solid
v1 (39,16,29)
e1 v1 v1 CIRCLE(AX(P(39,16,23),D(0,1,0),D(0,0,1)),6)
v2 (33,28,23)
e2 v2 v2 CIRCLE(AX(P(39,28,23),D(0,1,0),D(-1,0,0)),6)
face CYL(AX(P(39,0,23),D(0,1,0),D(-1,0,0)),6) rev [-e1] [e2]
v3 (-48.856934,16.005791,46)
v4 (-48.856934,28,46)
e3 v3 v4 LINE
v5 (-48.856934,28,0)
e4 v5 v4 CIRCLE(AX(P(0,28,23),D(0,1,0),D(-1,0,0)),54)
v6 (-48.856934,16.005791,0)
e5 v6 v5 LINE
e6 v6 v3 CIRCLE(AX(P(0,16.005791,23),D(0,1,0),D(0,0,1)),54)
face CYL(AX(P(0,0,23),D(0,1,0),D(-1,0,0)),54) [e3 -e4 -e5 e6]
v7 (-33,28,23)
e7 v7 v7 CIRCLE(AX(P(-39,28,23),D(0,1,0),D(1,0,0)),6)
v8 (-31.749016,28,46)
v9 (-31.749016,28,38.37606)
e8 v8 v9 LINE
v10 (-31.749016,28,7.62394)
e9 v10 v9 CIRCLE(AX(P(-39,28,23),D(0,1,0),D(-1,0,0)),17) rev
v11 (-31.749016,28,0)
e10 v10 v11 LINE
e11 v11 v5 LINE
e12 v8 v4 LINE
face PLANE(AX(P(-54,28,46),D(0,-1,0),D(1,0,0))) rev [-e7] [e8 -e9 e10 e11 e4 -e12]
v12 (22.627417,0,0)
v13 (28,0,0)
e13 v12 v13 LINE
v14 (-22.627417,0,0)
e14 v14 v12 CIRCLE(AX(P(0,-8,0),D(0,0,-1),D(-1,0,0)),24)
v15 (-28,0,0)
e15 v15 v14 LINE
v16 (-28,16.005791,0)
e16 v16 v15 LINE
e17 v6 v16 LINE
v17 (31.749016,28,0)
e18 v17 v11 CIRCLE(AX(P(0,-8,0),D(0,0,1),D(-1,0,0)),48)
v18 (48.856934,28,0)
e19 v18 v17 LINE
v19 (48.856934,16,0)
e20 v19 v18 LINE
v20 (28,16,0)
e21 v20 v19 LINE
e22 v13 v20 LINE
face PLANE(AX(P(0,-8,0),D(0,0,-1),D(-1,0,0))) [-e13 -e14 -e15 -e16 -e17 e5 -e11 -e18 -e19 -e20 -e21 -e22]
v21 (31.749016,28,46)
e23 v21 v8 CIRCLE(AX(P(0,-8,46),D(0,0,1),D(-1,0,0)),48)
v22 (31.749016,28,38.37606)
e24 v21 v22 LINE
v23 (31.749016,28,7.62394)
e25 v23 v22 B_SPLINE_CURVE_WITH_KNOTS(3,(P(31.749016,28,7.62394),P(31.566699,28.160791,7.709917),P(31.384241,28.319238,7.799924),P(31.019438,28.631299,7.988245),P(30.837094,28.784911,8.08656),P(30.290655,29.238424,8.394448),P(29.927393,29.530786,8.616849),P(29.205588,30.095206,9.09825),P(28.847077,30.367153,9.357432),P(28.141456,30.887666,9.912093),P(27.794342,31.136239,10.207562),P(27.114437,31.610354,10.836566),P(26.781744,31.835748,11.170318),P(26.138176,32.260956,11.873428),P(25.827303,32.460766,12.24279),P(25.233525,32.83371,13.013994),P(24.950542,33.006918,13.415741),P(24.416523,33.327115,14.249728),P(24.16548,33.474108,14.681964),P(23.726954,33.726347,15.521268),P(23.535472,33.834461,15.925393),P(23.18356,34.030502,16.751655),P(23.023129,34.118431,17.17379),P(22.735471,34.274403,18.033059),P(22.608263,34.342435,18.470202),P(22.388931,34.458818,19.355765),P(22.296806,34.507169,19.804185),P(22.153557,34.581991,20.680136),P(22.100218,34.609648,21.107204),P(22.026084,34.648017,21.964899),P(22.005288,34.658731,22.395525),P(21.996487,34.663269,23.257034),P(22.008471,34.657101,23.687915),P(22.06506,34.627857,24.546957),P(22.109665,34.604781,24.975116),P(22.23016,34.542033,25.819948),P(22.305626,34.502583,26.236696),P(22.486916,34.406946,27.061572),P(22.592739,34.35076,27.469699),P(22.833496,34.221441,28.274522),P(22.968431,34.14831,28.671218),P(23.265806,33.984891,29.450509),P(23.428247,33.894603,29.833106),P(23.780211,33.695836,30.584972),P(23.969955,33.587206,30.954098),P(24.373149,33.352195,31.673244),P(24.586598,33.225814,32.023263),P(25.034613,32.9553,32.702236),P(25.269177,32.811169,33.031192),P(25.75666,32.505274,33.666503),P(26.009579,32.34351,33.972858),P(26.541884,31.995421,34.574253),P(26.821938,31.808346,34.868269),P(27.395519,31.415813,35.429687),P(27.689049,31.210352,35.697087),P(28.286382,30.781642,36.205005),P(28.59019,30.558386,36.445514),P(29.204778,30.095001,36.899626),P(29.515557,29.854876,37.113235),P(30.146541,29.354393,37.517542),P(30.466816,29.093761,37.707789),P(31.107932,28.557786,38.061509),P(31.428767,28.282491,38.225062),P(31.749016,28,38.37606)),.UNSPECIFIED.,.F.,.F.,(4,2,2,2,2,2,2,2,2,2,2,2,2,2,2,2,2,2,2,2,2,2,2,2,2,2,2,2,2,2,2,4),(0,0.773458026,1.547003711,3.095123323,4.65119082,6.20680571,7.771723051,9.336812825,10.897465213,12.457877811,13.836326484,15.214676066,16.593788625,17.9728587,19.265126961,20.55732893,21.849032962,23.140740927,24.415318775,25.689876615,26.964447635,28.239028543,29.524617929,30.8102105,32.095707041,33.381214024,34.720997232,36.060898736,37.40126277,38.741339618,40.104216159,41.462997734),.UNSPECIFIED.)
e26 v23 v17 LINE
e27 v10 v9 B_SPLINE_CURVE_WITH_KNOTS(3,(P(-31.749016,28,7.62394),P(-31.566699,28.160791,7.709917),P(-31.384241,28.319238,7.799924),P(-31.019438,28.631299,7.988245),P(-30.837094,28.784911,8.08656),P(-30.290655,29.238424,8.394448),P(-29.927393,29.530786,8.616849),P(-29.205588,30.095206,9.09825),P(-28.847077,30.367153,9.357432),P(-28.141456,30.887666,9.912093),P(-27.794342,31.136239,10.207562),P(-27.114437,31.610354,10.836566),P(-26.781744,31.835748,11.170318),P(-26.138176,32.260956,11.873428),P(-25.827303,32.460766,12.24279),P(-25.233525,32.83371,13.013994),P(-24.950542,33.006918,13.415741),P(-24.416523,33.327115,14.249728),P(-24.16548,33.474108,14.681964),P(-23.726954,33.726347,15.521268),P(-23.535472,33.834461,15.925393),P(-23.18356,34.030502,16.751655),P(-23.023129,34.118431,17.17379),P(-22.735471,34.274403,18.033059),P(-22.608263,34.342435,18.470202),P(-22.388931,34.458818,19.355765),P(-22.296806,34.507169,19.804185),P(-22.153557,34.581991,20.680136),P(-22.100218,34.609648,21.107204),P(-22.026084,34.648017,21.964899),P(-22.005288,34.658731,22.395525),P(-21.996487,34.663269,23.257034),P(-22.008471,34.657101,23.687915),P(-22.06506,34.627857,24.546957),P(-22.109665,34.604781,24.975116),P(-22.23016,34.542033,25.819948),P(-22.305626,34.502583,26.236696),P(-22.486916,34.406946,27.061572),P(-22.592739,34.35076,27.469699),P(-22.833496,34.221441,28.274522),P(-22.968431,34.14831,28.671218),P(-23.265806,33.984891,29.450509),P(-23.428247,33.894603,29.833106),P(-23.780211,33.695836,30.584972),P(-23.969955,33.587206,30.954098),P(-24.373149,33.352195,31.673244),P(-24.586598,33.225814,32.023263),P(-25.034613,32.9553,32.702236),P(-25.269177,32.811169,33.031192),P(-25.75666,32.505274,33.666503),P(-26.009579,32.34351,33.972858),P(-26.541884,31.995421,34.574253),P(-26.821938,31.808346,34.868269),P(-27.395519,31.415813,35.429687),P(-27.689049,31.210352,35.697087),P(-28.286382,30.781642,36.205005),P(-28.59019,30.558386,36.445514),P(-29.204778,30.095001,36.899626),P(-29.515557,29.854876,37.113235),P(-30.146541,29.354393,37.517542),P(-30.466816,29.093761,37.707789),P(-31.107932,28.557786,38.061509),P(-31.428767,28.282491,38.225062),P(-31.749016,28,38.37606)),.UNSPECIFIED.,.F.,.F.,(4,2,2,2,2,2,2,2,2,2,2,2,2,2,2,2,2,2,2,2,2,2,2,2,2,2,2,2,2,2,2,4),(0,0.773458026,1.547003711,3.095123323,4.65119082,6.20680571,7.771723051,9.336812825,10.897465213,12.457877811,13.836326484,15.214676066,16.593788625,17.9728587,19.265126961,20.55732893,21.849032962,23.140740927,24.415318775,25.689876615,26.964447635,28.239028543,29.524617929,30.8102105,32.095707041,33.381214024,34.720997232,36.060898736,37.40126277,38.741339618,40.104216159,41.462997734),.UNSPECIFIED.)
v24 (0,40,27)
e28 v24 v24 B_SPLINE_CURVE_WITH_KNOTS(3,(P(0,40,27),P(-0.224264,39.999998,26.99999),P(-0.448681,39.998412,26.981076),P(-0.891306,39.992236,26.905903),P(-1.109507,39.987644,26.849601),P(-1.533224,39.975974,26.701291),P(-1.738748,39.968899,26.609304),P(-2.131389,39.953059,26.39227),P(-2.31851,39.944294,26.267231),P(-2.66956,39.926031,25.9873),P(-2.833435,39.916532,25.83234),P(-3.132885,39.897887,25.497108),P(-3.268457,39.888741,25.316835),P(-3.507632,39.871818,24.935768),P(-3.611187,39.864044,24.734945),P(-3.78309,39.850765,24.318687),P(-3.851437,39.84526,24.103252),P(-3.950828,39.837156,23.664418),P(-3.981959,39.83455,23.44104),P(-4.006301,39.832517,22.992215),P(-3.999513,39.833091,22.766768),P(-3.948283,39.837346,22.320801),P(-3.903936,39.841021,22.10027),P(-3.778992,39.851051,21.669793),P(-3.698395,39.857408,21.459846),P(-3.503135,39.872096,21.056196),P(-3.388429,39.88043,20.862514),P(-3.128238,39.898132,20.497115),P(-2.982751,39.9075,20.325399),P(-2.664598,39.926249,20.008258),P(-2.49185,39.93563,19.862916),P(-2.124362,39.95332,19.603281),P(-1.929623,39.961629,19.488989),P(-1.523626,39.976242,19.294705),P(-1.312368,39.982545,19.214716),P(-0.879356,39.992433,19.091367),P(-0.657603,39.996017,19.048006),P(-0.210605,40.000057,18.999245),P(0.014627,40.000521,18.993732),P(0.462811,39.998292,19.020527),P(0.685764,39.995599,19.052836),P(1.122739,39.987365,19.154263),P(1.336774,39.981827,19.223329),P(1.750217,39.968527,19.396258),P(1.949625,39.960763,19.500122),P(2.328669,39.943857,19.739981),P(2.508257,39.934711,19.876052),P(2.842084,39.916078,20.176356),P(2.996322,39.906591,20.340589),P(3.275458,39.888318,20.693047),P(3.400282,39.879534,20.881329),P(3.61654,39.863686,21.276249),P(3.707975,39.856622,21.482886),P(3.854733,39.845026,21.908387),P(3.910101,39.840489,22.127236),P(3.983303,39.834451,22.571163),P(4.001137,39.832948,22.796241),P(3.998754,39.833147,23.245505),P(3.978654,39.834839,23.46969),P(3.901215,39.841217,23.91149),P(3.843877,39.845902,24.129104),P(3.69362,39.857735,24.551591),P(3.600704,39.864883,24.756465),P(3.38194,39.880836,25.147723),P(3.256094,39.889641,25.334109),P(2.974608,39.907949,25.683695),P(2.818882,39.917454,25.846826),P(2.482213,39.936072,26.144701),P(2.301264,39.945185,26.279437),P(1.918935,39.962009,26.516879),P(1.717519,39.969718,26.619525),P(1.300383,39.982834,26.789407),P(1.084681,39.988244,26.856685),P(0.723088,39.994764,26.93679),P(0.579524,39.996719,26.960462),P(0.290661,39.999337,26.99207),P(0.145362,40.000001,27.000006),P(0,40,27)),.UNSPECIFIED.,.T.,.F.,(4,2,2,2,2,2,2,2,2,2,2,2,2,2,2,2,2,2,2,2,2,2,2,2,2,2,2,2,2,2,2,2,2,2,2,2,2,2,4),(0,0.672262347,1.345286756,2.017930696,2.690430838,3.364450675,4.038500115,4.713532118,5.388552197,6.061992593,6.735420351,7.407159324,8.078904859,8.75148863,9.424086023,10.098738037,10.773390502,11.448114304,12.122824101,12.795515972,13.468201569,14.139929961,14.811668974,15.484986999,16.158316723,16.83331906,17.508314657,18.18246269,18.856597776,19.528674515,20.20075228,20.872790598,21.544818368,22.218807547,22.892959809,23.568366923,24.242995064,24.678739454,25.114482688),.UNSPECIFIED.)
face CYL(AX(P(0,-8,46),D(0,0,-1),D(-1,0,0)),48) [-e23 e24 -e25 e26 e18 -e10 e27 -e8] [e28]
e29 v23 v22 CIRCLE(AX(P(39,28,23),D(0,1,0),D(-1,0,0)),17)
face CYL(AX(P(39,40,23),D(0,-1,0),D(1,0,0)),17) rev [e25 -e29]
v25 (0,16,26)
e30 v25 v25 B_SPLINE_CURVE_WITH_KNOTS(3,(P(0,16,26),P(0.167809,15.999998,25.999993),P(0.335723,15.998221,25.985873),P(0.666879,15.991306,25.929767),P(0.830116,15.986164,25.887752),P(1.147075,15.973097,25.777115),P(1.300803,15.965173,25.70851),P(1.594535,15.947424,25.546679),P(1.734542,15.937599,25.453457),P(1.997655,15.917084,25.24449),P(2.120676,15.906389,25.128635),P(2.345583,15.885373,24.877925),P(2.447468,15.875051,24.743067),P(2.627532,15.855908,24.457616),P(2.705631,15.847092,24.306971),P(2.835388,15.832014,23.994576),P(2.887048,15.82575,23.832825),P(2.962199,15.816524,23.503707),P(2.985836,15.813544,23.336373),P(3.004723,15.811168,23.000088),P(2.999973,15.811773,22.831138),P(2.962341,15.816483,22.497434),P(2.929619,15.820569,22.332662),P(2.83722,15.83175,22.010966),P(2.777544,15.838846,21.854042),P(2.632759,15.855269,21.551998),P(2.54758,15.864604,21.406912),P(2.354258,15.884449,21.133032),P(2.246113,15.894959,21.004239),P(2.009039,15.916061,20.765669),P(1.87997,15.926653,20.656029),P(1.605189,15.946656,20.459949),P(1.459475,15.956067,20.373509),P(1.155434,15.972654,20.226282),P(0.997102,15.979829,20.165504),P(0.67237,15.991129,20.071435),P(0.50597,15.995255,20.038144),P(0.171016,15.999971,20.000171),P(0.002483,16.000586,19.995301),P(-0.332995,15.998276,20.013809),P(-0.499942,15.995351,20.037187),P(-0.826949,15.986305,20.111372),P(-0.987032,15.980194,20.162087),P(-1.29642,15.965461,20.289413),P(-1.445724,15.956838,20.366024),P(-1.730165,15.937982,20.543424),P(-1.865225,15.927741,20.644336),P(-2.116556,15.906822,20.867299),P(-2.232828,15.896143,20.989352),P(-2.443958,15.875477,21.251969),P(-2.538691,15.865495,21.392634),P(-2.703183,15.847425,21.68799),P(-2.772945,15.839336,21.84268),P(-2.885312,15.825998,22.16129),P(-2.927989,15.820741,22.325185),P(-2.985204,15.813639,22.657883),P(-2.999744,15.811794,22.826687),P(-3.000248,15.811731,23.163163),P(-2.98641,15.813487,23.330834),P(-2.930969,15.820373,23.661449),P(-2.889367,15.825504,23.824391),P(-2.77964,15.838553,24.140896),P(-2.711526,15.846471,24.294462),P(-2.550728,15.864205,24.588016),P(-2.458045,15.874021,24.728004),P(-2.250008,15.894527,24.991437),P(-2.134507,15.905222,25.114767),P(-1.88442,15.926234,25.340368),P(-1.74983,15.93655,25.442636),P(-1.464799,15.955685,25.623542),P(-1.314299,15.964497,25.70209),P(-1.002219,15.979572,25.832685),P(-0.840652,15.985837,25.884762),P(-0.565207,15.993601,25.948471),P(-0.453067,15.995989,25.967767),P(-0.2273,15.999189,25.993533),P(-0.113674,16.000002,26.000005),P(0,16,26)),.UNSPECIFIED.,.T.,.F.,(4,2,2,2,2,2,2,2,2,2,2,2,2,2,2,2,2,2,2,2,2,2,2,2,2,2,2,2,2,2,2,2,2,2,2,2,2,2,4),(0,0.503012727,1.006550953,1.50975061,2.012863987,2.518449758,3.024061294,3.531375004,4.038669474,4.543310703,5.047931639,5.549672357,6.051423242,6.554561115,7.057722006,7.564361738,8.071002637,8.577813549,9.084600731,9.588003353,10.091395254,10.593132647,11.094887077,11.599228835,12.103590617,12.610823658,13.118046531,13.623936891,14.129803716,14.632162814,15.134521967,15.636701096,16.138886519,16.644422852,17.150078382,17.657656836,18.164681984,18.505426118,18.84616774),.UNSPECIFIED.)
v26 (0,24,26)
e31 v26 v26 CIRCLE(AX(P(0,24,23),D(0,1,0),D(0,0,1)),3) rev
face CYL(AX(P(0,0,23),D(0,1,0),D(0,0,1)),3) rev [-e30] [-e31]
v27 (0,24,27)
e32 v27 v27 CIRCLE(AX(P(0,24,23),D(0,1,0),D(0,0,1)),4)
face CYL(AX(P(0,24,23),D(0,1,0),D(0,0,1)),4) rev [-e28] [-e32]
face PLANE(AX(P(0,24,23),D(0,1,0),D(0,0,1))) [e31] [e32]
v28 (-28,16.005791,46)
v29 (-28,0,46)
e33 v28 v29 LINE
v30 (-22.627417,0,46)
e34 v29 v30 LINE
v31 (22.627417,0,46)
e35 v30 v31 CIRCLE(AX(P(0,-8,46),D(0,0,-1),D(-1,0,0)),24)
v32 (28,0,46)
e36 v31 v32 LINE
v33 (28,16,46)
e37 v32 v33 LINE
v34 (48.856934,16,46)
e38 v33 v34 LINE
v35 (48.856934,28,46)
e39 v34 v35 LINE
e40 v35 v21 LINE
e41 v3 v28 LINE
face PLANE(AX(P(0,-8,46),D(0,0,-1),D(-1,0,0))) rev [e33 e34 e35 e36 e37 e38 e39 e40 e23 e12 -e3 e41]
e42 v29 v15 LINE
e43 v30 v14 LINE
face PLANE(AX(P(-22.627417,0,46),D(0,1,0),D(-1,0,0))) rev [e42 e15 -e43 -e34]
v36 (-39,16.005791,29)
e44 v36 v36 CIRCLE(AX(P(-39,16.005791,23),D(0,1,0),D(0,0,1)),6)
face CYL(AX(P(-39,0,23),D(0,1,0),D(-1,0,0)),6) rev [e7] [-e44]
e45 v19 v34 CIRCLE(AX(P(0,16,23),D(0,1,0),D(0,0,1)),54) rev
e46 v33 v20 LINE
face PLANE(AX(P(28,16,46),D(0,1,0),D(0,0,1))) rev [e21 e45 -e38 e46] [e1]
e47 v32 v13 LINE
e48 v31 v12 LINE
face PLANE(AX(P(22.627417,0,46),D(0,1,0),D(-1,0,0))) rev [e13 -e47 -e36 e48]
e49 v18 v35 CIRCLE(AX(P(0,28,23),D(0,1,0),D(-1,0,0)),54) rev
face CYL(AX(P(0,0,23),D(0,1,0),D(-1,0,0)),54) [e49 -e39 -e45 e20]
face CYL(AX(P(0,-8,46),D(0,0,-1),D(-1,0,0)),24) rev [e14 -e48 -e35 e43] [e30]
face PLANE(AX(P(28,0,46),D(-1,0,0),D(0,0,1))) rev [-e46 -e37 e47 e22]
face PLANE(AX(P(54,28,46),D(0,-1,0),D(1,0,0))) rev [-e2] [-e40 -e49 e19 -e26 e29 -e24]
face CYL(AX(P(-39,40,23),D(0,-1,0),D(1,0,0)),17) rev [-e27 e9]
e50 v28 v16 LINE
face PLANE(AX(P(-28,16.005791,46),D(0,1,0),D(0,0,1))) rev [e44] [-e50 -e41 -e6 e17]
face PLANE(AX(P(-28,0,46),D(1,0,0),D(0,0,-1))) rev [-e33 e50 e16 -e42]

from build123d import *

# Parameters (mm, degrees)
BOSS_EXTRUDE1_DEPTH = 46
CUT_EXTRUDE1_DEPTH  = 77.26270386
SKETCH3_R           = 6
CUT_EXTRUDE2_DEPTH  = 77.26270386
SKETCH5_R           = 3
CUT_EXTRUDE3_DEPTH  = 82.437092286
SKETCH6_R           = 4
CUT_EXTRUDE4_DEPTH  = 16
CUT_EXTRUDE5_DEPTH  = 77.262703957


with BuildPart() as part:
    # Sketch1 → Boss-Extrude1 (new body)
    with BuildSketch(Plane.XY):
        with BuildLine():
            Line((22.627416998, 0), (28, 0))
            Line((28, 0), (28, 16))
            Line((28, 16), (54, 16))
            Line((54, 16), (54, 28))
            Line((54, 28), (31.749015733, 28))
            ThreePointArc((31.749015733, 28), (0, 40), (-31.749015733, 28))
            Line((-31.749015733, 28), (-54, 28))
            Line((-54, 28), (-54, 16.005791269))
            Line((-54, 16.005791269), (-28, 16.005791269))
            Line((-28, 16.005791269), (-28, 0))
            Line((-28, 0), (-22.627416998, 0))
            ThreePointArc((-22.627416998, 0), (0, 16), (22.627416998, 0))
        make_face()
    extrude(amount=BOSS_EXTRUDE1_DEPTH)

    # Sketch2 → Cut-Extrude1 (cut, through all)
    with BuildSketch(Plane(origin=(0, 28, 0), x_dir=(1, 0, 0), z_dir=(0, 1, 0))):
        with BuildLine():
            Line((54, -46), (54, -23))
            ThreePointArc((54, -23), (52.698550436, -34.784005345), (48.856934001, -46))
            Line((48.856934001, -46), (54, -46))
        make_face()
        with BuildLine():
            Line((54, 0), (48.856934001, 0))
            ThreePointArc((48.856934001, 0), (52.698550436, -11.215994655), (54, -23))
            Line((54, -23), (54, 0))
        make_face()
        with BuildLine():
            ThreePointArc((-54, -23.000000162), (-52.698550453, -11.215994734), (-48.856934001, 0))
            Line((-48.856934001, 0), (-54, 0))
            Line((-54, 0), (-54, -23.000000162))
        make_face()
        with BuildLine():
            ThreePointArc((-48.856934001, -46), (-52.698550418, -34.784005424), (-54, -23.000000162))
            Line((-54, -23.000000162), (-54, -46))
            Line((-54, -46), (-48.856934001, -46))
        make_face()
    extrude(amount=-CUT_EXTRUDE1_DEPTH, mode=Mode.SUBTRACT)

    # Sketch3 → Cut-Extrude2 (cut, through all)
    with BuildSketch(Plane(origin=(0, 28, 0), x_dir=(1, 0, 0), z_dir=(0, 1, 0))):
        with Locations(Location((39, -23, 0), (0, 0, 180))):
            Circle(SKETCH3_R)
        with Locations(Location((-39, -23, 0), (0, 0, 270))):
            Circle(SKETCH3_R)
    extrude(amount=-CUT_EXTRUDE2_DEPTH, mode=Mode.SUBTRACT)

    # Sketch5 → Cut-Extrude3 (cut, through all)
    with BuildSketch(Plane(origin=(0, 40, 0), x_dir=(1, 0, 0), z_dir=(0, 1, 0))):
        with Locations(Location((0, -23, 0), (0, 0, 270))):
            Circle(SKETCH5_R)
    extrude(amount=-CUT_EXTRUDE3_DEPTH, mode=Mode.SUBTRACT)

    # Sketch6 → Cut-Extrude4 (cut)
    with BuildSketch(Plane(origin=(0, 40, 0), x_dir=(1, 0, 0), z_dir=(0, 1, 0))):
        with Locations(Location((0, -23, 0), (0, 0, 270))):
            Circle(SKETCH6_R)
    extrude(amount=-CUT_EXTRUDE4_DEPTH, mode=Mode.SUBTRACT)

    # Sketch7 → Cut-Extrude5 (cut, through all)
    with BuildSketch(Plane(origin=(0, 28, 0), x_dir=(1, 0, 0), z_dir=(0, 1, 0))):
        with BuildLine():
            ThreePointArc((-31.749015733, -7.623939804), (-22, -23), (-31.749015733, -38.376060196))
            Line((-31.749015733, -38.376060196), (-31.749015733, -7.623939804))
        make_face()
        with BuildLine():
            Line((31.749015733, -38.376060196), (31.749015733, -7.623939804))
            ThreePointArc((31.749015733, -7.623939804), (22, -23), (31.749015733, -38.376060196))
        make_face()
    extrude(amount=CUT_EXTRUDE5_DEPTH, mode=Mode.SUBTRACT)


solid = part.part
